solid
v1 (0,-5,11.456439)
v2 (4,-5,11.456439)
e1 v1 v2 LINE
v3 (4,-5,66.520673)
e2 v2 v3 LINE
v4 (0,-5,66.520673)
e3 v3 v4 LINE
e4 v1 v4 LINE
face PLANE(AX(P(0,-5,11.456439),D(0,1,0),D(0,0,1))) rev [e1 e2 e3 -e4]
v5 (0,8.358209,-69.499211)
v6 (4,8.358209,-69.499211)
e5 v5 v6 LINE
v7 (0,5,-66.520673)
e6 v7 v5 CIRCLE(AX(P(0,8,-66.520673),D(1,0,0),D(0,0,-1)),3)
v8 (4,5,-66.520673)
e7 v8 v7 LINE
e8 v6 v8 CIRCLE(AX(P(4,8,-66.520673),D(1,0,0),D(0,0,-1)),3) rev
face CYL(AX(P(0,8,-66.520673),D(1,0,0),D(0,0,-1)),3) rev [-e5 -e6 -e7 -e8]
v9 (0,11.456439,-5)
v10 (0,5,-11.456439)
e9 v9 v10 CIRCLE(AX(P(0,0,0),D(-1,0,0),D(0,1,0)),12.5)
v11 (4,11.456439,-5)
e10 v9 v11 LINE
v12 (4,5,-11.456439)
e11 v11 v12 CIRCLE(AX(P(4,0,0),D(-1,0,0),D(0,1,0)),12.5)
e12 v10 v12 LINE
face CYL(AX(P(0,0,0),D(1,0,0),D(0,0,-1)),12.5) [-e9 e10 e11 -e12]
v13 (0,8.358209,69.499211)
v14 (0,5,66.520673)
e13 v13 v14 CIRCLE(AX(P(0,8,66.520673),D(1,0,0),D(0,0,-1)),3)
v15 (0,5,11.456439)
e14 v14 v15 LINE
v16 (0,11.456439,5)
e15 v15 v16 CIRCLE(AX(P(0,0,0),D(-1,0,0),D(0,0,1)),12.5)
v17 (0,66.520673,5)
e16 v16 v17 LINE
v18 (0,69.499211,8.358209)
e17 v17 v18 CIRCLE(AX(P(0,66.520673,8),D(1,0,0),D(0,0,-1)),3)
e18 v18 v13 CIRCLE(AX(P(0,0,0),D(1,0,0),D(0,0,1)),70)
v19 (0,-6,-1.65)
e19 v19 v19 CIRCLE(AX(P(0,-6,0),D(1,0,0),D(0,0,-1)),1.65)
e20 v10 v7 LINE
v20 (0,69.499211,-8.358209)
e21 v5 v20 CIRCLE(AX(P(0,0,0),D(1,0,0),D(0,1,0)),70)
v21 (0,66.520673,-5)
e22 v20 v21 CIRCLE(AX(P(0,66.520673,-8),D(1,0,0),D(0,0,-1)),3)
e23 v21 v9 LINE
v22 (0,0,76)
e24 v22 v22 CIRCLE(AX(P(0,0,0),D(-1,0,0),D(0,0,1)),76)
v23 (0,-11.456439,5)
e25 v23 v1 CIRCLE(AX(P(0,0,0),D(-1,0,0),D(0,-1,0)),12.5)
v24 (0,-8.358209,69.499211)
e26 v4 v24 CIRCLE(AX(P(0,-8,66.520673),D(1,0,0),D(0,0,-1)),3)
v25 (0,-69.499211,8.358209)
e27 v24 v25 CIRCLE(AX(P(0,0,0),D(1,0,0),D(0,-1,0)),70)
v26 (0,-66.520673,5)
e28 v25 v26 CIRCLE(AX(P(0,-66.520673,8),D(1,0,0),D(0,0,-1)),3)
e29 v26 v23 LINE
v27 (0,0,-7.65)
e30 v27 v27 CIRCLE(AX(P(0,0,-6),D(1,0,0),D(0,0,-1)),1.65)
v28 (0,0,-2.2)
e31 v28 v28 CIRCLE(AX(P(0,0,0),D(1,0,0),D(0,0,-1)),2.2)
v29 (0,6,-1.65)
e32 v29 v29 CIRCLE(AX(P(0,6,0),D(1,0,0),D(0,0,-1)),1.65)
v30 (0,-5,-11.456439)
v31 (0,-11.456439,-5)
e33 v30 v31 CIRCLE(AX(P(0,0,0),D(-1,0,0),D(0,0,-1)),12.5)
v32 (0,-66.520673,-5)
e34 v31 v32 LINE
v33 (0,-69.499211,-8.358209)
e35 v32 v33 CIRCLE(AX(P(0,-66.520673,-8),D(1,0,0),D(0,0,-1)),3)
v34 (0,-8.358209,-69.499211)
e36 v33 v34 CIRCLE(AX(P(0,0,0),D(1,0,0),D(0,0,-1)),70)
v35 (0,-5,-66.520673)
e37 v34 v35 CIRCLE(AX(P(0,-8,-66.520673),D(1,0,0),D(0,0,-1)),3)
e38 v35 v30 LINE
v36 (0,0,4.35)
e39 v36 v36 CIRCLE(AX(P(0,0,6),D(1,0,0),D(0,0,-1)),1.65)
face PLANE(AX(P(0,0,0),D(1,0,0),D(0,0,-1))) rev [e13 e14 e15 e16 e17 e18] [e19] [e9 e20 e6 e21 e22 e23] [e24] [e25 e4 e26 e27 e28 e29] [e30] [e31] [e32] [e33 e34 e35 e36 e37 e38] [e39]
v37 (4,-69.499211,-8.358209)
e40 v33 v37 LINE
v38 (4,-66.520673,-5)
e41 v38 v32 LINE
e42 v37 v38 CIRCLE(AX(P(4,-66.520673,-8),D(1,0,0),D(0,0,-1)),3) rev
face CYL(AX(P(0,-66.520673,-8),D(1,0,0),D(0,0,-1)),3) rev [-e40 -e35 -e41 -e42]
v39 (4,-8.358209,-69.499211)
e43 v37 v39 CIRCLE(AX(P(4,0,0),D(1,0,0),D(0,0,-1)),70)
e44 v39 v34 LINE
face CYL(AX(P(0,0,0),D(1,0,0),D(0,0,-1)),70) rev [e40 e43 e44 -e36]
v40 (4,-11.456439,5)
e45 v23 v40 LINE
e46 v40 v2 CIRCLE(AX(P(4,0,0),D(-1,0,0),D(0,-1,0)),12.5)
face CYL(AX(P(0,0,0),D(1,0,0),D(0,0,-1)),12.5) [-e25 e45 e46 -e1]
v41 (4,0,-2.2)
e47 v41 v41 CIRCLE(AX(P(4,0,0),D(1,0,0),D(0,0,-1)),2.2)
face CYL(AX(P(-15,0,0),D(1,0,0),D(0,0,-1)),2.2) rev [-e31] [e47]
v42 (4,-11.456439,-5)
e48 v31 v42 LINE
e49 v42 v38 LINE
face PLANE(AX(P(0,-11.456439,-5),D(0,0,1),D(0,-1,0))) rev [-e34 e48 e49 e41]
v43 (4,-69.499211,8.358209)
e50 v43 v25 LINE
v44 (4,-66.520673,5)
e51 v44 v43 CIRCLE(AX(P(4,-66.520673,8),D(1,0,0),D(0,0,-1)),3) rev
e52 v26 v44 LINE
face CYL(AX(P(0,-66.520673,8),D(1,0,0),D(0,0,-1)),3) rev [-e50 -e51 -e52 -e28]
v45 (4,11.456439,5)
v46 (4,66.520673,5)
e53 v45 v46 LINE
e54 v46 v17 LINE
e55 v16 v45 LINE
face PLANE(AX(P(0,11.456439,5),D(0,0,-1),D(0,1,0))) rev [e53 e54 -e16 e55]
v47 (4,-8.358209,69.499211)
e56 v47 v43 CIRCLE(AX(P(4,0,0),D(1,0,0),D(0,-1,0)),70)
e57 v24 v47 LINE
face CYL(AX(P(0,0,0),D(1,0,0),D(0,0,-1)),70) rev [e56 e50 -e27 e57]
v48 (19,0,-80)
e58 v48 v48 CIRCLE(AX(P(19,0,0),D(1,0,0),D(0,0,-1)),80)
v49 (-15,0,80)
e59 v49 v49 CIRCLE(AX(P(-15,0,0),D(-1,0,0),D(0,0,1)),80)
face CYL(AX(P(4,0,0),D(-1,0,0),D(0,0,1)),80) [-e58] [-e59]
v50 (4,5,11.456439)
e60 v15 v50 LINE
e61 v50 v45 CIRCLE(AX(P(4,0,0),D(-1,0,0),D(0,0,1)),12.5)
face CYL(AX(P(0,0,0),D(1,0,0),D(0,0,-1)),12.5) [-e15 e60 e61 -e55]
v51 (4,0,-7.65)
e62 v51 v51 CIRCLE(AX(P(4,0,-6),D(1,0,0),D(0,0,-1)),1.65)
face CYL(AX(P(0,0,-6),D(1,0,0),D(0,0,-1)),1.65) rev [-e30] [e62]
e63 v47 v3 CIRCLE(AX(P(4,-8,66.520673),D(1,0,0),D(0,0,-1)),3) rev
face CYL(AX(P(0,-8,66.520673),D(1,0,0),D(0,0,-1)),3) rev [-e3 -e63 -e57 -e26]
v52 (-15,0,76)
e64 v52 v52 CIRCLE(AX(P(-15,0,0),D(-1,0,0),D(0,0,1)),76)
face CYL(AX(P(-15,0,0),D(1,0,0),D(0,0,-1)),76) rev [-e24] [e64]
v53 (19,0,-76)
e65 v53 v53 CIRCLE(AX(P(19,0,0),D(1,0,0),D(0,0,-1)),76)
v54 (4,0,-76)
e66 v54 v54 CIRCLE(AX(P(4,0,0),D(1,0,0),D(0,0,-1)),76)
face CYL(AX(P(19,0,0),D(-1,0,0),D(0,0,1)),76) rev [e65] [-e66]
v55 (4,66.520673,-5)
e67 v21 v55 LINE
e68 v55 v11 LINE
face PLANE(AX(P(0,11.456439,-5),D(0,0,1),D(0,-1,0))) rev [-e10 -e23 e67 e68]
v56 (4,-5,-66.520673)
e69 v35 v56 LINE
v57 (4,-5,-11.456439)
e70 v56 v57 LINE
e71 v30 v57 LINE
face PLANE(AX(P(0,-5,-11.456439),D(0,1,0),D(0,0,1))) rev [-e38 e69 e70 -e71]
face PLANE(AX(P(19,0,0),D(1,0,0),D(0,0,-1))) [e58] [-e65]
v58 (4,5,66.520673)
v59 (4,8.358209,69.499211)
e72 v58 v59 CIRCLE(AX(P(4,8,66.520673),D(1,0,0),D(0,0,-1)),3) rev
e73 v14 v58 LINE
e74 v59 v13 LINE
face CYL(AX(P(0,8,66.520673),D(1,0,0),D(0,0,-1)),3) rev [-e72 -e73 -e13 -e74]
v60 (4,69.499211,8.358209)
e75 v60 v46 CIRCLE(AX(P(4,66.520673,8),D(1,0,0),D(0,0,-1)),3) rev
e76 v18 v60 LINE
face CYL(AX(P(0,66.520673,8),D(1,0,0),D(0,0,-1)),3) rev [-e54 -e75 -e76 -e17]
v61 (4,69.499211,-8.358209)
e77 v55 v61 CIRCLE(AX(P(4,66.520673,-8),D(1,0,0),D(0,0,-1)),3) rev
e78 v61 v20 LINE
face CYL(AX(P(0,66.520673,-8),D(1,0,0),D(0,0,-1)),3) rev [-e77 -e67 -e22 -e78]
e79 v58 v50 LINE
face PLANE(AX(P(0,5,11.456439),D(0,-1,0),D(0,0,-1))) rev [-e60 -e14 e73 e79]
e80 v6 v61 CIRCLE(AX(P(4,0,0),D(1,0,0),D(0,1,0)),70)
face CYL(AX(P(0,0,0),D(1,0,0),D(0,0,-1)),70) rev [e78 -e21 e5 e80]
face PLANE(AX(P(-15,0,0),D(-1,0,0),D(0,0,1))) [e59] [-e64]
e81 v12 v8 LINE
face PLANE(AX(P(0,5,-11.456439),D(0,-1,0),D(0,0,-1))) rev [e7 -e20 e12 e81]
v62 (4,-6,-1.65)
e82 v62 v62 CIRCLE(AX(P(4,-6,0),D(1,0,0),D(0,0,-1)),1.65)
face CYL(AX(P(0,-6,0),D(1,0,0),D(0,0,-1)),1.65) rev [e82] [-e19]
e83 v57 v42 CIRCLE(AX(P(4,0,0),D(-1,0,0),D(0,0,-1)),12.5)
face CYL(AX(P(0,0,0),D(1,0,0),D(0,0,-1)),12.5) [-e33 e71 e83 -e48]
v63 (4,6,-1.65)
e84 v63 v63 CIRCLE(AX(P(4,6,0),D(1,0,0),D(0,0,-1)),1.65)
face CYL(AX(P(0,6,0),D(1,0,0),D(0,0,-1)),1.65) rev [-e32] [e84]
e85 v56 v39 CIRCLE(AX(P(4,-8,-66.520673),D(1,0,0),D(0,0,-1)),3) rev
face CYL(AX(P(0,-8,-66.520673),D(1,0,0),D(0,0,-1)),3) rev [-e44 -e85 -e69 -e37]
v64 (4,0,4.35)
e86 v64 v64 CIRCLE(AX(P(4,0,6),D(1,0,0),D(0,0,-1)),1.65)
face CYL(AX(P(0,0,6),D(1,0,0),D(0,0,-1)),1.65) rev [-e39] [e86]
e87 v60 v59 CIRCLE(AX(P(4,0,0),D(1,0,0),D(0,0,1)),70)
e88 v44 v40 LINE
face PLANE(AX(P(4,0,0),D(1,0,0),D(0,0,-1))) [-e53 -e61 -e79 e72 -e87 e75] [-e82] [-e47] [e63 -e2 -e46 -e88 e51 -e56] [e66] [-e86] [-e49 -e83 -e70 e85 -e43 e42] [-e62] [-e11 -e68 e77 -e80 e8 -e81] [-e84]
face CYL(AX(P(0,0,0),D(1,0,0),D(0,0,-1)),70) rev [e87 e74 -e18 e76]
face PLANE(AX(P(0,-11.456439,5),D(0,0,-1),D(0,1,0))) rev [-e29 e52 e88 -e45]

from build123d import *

# Parameters (mm, degrees)
SKETCH3_R           = 80
BOSS_EXTRUDE3_DEPTH = 4
SKETCH5_R           = 1.65
CUT_EXTRUDE3_DEPTH  = 114.207773585
CUT_EXTRUDE4_DEPTH  = 114.207773585
CIRPATTERN2_COUNT   = 4
FILLET2_R           = 3
BOSS_EXTRUDE4_START = 15
SKETCH7_R           = 80
SKETCH7_R_2         = 76
BOSS_EXTRUDE4_DEPTH = 15
SKETCH8_R           = 2.2
CUT_EXTRUDE5_DEPTH  = 115.721401665
SKETCH9_R           = 80
SKETCH9_R_2         = 76
BOSS_EXTRUDE5_DEPTH = 15


with BuildPart() as part:
    # Sketch3 → Boss-Extrude3 (new body)
    with BuildSketch(Plane.YZ):
        with Locations(Location((0, 0, 0), (0, 0, 270))):
            Circle(SKETCH3_R)
    extrude(amount=BOSS_EXTRUDE3_DEPTH)

    # Sketch5 → Cut-Extrude3 (cut, through all)
    with BuildSketch(Plane.YZ.offset(4)):
        with Locations(Location((0, 6, 0), (0, 0, 270))):
            Circle(SKETCH5_R)
        with Locations(Location((6, 0, 0), (0, 0, 270))):
            Circle(SKETCH5_R)
        with Locations(Location((0, -6, 0), (0, 0, 270))):
            Circle(SKETCH5_R)
        with Locations(Location((-6, 0, 0), (0, 0, 270))):
            Circle(SKETCH5_R)
    extrude(amount=-CUT_EXTRUDE3_DEPTH, mode=Mode.SUBTRACT)

    # Sketch6 → Cut-Extrude4 (cut, through all)
    with BuildSketch(Plane.YZ.offset(4)):
        with BuildLine():
            Line((11.456439237, 5), (69.821200219, 5))
            ThreePointArc((69.821200219, 5), (49.497474683, 49.497474683), (5, 69.821200219))
            Line((5, 69.821200219), (5, 11.456439237))
            ThreePointArc((5, 11.456439237), (8.838834765, 8.838834765), (11.456439237, 5))
        make_face()
    cut_extrude4 = extrude(amount=-CUT_EXTRUDE4_DEPTH, mode=Mode.SUBTRACT)

    # CirPattern2: Cut-Extrude4 ×4 about axis
    cirpattern2_axis = Axis((0, 0, 0), (1, 0, 0))
    for i in range(1, CIRPATTERN2_COUNT):
        add(cut_extrude4.rotate(cirpattern2_axis, i * 360 / CIRPATTERN2_COUNT), mode=Mode.SUBTRACT)

    # Fillet2
    fillet2_edges = [part.edges().sort_by_distance(p)[0] for p in [
        (2, 5, 69.821200219),
        (2, 69.821200219, 5),
        (2, 69.821200219, -5),
        (2, 5, -69.821200219),
        (2, -5, -69.821200219),
        (2, -69.821200219, -5),
        (2, -69.821200219, 5),
        (2, -5, 69.821200219),
    ]]
    fillet(fillet2_edges, radius=FILLET2_R)

    # Sketch7 → Boss-Extrude4 (add)
    with BuildSketch(Plane(origin=(0, 0, 0), x_dir=(0, -1, 0), z_dir=(-1, 0, 0)).offset(BOSS_EXTRUDE4_START)):
        with Locations(Location((0, 0, 0), (0, 0, 90))):
            Circle(SKETCH7_R)
        with Locations(Location((0, 0, 0), (0, 0, 90))):
            Circle(SKETCH7_R_2, mode=Mode.SUBTRACT)
    extrude(amount=-BOSS_EXTRUDE4_DEPTH)

    # Sketch8 → Cut-Extrude5 (cut, through all)
    with BuildSketch(Plane.YZ.offset(4)):
        with Locations(Location((0, 0, 0), (0, 0, 270))):
            Circle(SKETCH8_R)
    extrude(amount=-CUT_EXTRUDE5_DEPTH, mode=Mode.SUBTRACT)

    # Sketch9 → Boss-Extrude5 (add)
    with BuildSketch(Plane.YZ.offset(4)):
        with Locations(Location((0, 0, 0), (0, 0, 90))):
            Circle(SKETCH9_R)
        with Locations(Location((0, 0, 0), (0, 0, 90))):
            Circle(SKETCH9_R_2, mode=Mode.SUBTRACT)
    extrude(amount=BOSS_EXTRUDE5_DEPTH)


solid = part.part
